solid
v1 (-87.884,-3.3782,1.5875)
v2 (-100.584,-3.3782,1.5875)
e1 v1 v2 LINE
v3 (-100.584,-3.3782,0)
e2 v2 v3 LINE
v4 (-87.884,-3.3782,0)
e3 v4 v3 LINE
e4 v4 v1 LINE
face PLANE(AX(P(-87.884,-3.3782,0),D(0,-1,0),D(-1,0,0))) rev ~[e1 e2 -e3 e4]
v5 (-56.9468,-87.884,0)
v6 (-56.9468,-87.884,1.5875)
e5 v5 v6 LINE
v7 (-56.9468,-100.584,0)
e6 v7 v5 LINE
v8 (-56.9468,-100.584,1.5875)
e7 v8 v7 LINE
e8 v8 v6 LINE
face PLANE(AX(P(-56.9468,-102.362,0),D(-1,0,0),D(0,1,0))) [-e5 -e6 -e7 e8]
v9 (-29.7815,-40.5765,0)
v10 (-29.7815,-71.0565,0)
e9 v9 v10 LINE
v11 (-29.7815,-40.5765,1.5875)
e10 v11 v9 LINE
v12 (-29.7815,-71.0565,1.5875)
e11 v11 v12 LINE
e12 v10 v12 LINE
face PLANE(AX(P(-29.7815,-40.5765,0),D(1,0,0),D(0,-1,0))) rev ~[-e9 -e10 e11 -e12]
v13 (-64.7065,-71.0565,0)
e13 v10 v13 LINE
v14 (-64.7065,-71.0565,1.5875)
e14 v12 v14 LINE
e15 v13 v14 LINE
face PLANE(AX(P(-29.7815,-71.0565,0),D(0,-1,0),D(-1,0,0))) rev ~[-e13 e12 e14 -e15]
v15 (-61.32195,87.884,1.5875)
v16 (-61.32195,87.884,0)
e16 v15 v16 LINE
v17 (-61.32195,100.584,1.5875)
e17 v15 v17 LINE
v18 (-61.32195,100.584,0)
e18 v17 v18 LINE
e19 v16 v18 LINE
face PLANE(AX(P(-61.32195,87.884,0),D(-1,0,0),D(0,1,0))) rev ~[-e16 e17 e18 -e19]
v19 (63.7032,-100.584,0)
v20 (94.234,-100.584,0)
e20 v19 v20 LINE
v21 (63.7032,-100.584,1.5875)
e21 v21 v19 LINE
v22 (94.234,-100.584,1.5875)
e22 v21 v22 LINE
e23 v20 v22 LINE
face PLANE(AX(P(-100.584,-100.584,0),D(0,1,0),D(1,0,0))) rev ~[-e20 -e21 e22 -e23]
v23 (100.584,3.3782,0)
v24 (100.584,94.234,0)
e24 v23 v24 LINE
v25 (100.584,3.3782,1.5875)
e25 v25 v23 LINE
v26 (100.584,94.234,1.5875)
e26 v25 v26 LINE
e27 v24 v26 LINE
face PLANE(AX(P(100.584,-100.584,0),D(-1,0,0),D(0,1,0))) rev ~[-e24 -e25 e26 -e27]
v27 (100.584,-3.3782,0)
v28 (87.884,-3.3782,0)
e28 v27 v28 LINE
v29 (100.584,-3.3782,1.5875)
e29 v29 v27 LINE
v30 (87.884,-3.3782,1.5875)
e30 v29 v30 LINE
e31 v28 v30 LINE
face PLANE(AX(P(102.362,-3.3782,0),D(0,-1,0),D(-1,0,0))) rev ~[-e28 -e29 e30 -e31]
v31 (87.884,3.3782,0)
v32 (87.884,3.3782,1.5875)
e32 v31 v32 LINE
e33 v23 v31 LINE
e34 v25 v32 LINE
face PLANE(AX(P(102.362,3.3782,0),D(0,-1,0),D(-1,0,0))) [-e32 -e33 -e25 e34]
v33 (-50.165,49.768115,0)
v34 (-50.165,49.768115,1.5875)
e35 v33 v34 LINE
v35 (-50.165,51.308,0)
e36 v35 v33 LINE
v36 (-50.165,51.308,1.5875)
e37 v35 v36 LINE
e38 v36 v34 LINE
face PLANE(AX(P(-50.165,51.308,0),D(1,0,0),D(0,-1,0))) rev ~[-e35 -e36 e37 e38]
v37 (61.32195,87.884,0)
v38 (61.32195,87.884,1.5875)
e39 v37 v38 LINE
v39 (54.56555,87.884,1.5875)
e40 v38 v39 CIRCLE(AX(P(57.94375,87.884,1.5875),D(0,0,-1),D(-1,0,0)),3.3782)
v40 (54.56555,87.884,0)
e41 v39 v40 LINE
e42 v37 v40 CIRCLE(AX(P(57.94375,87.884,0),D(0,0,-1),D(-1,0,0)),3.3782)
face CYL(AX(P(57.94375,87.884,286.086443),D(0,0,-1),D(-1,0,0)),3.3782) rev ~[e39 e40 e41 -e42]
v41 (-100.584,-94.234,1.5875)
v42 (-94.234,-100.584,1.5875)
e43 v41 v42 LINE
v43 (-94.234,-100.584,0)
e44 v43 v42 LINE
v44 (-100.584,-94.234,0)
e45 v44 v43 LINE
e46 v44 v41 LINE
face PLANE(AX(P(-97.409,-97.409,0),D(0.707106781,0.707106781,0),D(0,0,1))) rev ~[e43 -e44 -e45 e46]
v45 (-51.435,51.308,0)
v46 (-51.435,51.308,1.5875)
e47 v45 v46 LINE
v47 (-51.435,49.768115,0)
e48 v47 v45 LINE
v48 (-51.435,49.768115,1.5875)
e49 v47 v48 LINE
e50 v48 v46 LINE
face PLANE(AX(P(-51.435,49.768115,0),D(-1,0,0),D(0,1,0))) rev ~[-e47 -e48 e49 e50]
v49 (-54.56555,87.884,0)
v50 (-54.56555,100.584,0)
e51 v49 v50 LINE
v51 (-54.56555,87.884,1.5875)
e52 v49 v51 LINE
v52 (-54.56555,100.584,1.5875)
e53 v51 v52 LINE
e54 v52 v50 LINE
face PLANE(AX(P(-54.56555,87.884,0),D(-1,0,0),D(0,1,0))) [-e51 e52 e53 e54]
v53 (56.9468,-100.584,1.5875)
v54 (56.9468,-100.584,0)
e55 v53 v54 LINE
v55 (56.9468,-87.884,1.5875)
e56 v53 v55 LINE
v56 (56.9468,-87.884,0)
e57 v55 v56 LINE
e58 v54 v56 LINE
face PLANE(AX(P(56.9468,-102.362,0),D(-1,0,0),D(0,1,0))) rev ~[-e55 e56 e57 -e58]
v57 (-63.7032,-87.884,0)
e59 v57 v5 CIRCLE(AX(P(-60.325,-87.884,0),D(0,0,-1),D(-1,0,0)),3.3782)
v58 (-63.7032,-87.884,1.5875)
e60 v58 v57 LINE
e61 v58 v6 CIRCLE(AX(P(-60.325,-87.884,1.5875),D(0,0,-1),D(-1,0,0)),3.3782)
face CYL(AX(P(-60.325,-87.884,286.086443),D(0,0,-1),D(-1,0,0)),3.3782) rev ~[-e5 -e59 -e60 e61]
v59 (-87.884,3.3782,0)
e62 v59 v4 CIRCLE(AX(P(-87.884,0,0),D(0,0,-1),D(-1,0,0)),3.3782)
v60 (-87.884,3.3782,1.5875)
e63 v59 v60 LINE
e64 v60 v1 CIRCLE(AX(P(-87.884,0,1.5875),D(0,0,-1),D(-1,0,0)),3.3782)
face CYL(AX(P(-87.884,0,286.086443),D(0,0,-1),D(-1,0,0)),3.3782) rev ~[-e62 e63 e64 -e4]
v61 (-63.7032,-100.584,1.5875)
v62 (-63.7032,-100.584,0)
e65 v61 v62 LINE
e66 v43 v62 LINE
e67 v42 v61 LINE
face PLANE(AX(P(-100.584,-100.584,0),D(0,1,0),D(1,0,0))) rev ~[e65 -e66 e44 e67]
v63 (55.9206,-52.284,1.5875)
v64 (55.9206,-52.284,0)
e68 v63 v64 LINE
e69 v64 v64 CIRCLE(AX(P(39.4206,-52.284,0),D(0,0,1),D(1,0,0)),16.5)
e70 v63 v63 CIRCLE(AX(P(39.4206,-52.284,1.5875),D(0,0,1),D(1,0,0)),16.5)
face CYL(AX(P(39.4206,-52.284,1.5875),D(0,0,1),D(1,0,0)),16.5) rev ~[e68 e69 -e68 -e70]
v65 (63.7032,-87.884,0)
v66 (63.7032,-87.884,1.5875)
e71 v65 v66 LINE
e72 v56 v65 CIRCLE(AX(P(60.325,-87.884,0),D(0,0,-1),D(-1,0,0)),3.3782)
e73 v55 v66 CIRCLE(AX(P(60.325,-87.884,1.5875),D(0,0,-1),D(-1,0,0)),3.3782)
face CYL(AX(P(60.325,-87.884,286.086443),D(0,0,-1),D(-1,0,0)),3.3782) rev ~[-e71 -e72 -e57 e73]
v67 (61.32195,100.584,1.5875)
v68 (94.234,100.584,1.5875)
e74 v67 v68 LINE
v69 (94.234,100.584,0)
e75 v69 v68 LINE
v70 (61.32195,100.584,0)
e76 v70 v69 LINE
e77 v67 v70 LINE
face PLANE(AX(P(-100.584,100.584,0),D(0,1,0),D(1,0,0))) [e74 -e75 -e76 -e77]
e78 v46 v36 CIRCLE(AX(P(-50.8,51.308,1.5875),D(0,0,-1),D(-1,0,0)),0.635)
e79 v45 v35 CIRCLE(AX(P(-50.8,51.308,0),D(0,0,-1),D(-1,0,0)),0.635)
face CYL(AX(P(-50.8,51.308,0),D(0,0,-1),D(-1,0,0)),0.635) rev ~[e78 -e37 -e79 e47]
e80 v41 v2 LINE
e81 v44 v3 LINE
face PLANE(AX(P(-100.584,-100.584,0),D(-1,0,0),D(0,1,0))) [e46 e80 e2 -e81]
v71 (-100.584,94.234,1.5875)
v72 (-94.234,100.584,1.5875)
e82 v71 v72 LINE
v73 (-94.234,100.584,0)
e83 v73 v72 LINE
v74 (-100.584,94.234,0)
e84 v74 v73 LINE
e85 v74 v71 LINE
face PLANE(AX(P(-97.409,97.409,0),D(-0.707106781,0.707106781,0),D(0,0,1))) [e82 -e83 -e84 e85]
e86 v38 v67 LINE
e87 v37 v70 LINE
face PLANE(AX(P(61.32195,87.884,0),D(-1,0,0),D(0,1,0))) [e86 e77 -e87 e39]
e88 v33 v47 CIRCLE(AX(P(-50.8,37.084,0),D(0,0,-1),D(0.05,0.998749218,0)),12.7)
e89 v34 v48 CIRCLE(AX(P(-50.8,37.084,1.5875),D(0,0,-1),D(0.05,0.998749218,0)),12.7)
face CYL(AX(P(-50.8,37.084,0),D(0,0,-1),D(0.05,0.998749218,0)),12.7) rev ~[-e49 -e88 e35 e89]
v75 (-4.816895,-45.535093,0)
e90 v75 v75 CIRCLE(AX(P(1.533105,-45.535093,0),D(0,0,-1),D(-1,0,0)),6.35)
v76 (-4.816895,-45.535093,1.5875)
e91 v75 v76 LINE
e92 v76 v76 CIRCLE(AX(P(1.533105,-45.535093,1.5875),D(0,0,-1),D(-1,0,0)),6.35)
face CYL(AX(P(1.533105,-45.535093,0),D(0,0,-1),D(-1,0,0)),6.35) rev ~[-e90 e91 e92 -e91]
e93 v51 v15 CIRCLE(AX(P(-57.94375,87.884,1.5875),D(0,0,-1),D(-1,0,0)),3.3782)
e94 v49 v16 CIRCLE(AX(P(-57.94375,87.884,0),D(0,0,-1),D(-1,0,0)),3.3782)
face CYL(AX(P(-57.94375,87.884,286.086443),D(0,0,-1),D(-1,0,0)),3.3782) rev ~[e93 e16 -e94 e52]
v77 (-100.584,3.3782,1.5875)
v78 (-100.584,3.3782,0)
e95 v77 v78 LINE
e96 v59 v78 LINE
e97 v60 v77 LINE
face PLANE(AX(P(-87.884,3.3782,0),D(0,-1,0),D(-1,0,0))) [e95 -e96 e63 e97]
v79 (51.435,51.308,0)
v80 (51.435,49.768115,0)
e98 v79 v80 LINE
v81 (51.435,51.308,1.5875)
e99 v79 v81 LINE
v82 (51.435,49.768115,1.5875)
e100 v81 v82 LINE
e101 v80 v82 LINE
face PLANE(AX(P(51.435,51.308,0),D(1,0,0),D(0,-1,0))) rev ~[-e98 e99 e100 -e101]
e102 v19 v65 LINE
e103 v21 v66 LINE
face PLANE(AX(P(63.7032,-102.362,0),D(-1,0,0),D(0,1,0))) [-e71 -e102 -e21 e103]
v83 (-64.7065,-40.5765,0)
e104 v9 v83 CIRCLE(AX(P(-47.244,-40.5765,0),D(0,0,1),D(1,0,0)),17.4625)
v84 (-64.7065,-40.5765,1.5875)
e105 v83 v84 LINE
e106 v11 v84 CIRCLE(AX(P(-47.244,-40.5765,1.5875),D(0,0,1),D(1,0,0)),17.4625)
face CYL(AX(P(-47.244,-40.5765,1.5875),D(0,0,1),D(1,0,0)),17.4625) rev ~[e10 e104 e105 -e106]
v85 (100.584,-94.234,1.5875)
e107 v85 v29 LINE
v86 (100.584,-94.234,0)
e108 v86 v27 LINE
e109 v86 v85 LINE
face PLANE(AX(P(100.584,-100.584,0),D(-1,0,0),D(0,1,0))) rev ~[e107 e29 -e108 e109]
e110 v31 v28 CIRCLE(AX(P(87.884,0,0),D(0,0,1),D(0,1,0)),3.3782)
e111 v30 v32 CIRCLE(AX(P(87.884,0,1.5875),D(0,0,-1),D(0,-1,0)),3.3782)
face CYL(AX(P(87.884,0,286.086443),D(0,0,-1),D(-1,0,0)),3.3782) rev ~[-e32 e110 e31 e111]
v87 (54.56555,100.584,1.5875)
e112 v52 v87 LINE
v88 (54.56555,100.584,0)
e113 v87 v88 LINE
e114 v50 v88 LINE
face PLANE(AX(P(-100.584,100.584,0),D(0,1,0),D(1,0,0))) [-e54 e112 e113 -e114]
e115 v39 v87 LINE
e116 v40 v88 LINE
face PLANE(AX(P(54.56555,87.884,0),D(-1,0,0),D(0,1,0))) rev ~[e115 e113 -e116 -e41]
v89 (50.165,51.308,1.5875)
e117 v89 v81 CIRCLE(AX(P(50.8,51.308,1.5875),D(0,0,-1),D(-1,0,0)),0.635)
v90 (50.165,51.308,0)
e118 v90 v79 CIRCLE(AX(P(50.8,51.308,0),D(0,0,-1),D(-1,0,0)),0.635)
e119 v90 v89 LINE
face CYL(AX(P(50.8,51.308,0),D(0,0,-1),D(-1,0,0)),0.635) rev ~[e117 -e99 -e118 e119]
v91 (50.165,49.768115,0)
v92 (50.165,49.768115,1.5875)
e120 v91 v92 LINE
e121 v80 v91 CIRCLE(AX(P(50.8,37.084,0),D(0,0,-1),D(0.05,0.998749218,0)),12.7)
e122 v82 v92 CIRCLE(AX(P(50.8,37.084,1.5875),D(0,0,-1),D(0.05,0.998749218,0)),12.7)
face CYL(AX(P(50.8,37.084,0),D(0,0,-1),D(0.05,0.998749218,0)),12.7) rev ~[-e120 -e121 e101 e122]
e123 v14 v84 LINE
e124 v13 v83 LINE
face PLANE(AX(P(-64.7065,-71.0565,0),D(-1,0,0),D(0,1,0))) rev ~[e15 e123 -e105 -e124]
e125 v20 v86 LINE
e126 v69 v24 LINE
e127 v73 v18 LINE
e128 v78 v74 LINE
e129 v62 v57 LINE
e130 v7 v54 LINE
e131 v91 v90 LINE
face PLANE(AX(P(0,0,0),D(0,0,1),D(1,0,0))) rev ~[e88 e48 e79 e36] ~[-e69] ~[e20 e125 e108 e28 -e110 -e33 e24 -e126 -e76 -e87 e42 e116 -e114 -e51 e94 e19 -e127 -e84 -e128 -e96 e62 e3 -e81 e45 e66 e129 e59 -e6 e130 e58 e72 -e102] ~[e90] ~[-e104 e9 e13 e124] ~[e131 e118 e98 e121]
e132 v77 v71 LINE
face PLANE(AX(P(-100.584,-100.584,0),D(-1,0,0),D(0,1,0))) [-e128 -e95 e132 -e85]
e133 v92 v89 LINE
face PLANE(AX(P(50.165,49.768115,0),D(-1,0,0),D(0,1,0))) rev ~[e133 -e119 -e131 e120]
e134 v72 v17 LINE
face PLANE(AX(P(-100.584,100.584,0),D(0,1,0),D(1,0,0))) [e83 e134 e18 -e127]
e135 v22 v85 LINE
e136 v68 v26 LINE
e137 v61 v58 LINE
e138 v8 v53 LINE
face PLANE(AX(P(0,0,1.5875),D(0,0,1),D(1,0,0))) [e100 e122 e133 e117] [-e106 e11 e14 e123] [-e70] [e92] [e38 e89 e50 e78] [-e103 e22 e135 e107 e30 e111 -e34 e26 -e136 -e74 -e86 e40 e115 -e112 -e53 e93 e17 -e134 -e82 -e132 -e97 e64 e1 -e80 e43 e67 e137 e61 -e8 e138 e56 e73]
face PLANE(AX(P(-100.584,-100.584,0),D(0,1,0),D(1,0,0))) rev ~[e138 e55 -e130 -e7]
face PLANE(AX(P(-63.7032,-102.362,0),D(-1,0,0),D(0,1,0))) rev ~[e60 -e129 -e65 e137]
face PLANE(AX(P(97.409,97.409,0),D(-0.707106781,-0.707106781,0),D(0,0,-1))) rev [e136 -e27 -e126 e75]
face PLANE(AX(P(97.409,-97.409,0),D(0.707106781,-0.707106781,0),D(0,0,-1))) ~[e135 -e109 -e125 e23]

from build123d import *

# Parameters (mm, degrees)
SKETCH1_W                 = 201.168
SKETCH1_H                 = 201.168
BOSS_EXTRUDE1_DEPTH       = 1.5875
CUT_EXTRUDE1_REACH        = 144.256
SKETCH2_R                 = 17.4625
SKETCH2_R_2               = 16.5
F_1_4_CLEARANCE_HOLE1_D   = 6.7564
CHAMFER1_SIZE             = 6.35
CUT_EXTRUDE3_REACH        = 144.256
CUT_EXTRUDE4_REACH        = 144.256
CUT_EXTRUDE5_REACH        = 144.256
SKETCH7_W                 = 6.7564
SKETCH7_H                 = 14.478
SKETCH7_W_2               = 14.478
SKETCH7_H_2               = 6.7564
PORT_FOR_POWER_PLUG_REACH = 144.256
SKETCH8_R                 = 6.35


with BuildPart() as part:
    # Sketch1 → Boss-Extrude1 (new body)
    with BuildSketch(Plane.XY):
        Rectangle(SKETCH1_W, SKETCH1_H)
    extrude(amount=BOSS_EXTRUDE1_DEPTH)

    # Sketch2 → Cut-Extrude1 (cut, up to next)
    with BuildSketch(Plane.XY.offset(1.5875), mode=Mode.PRIVATE) as cut_extrude1_sk1:
        with Locations((-47.244, -40.5765)):
            Circle(SKETCH2_R)
    cut_extrude1_tool1 = extrude(cut_extrude1_sk1.sketch, amount=-CUT_EXTRUDE1_REACH, mode=Mode.PRIVATE) & part.part
    # Sketch2 → Cut-Extrude1 (cut, up to next)
    with BuildSketch(Plane.XY.offset(1.5875), mode=Mode.PRIVATE) as cut_extrude1_sk2:
        with Locations((39.4206, -52.284)):
            Circle(SKETCH2_R_2)
    cut_extrude1_tool2 = extrude(cut_extrude1_sk2.sketch, amount=-CUT_EXTRUDE1_REACH, mode=Mode.PRIVATE) & part.part
    add(cut_extrude1_tool1.solids().sort_by_distance((-47.244, -40.5765, 1.5875))[0], mode=Mode.SUBTRACT)
    add(cut_extrude1_tool2.solids().sort_by_distance((39.4206, -52.284, 1.5875))[0], mode=Mode.SUBTRACT)

    # 1/4 Clearance Hole1 (through all)
    with Locations(Plane.XY.offset(1.5875)):
        with Locations((-57.94375, 87.884), (57.94375, 87.884), (87.884, 0), (-87.884, 0), (-60.325, -87.884), (60.325, -87.884)):
            Hole(F_1_4_CLEARANCE_HOLE1_D / 2)

    # Chamfer1
    chamfer1_edges = [part.edges().sort_by_distance(p)[0] for p in [
        (100.584, -100.584, 0.79375),
        (-100.584, -100.584, 0.79375),
        (-100.584, 100.584, 0.79375),
        (100.584, 100.584, 0.79375),
    ]]
    chamfer(chamfer1_edges, length=CHAMFER1_SIZE)

    # Sketch5 → Cut-Extrude3 (cut, up to next)
    with BuildSketch(Plane(origin=(0, 0, 0), x_dir=(-1, 0, 0), z_dir=(0, 0, -1)), mode=Mode.PRIVATE) as cut_extrude3_sk1:
        with BuildLine():
            Line((29.7815, -40.5765), (29.7815, -71.0565))
            Line((29.7815, -71.0565), (64.7065, -71.0565))
            Line((64.7065, -71.0565), (64.7065, -40.5765))
            ThreePointArc((64.7065, -40.5765), (47.244, -58.039), (29.7815, -40.5765))
        make_face()
    cut_extrude3_tool1 = extrude(cut_extrude3_sk1.sketch, amount=-CUT_EXTRUDE3_REACH, mode=Mode.PRIVATE) & part.part
    add(cut_extrude3_tool1.solids().sort_by_distance((-47.244, -62.220952, 0))[0], mode=Mode.SUBTRACT)

    # Sketch6 → Cut-Extrude4 (cut, up to next)
    with BuildSketch(Plane(origin=(0, 0, 0), x_dir=(-1, 0, 0), z_dir=(0, 0, -1)), mode=Mode.PRIVATE) as cut_extrude4_sk1:
        with BuildLine():
            Line((-50.165, 49.768115066), (-50.165, 51.308))
            ThreePointArc((-50.165, 51.308), (-50.8, 51.943), (-51.435, 51.308))
            Line((-51.435, 51.308), (-51.435, 49.768115066))
            ThreePointArc((-51.435, 49.768115066), (-50.8, 24.384), (-50.165, 49.768115066))
        make_face()
    cut_extrude4_tool1 = extrude(cut_extrude4_sk1.sketch, amount=-CUT_EXTRUDE4_REACH, mode=Mode.PRIVATE) & part.part
    # Sketch6 → Cut-Extrude4 (cut, up to next)
    with BuildSketch(Plane(origin=(0, 0, 0), x_dir=(-1, 0, 0), z_dir=(0, 0, -1)), mode=Mode.PRIVATE) as cut_extrude4_sk2:
        with BuildLine():
            Line((51.435, 49.768115066), (51.435, 51.308))
            ThreePointArc((51.435, 51.308), (50.8, 51.943), (50.165, 51.308))
            Line((50.165, 51.308), (50.165, 49.768115066))
            ThreePointArc((50.165, 49.768115066), (50.8, 24.384), (51.435, 49.768115066))
        make_face()
    cut_extrude4_tool2 = extrude(cut_extrude4_sk2.sketch, amount=-CUT_EXTRUDE4_REACH, mode=Mode.PRIVATE) & part.part
    add(cut_extrude4_tool1.solids().sort_by_distance((50.8, 37.153354, 0))[0], mode=Mode.SUBTRACT)
    add(cut_extrude4_tool2.solids().sort_by_distance((-50.8, 37.153354, 0))[0], mode=Mode.SUBTRACT)

    # Sketch7 → Cut-Extrude5 (cut, up to next)
    with BuildSketch(Plane(origin=(0, 0, 0), x_dir=(-1, 0, 0), z_dir=(0, 0, -1)), mode=Mode.PRIVATE) as cut_extrude5_sk1:
        with Locations((-57.94375, 95.123)):
            Rectangle(SKETCH7_W, SKETCH7_H)
    cut_extrude5_tool1 = extrude(cut_extrude5_sk1.sketch, amount=-CUT_EXTRUDE5_REACH, mode=Mode.PRIVATE) & part.part
    # Sketch7 → Cut-Extrude5 (cut, up to next)
    with BuildSketch(Plane(origin=(0, 0, 0), x_dir=(-1, 0, 0), z_dir=(0, 0, -1)), mode=Mode.PRIVATE) as cut_extrude5_sk2:
        with Locations((57.94375, 95.123)):
            Rectangle(SKETCH7_W, SKETCH7_H)
    cut_extrude5_tool2 = extrude(cut_extrude5_sk2.sketch, amount=-CUT_EXTRUDE5_REACH, mode=Mode.PRIVATE) & part.part
    # Sketch7 → Cut-Extrude5 (cut, up to next)
    with BuildSketch(Plane(origin=(0, 0, 0), x_dir=(-1, 0, 0), z_dir=(0, 0, -1)), mode=Mode.PRIVATE) as cut_extrude5_sk3:
        with Locations((95.123, 0)):
            Rectangle(SKETCH7_W_2, SKETCH7_H_2)
    cut_extrude5_tool3 = extrude(cut_extrude5_sk3.sketch, amount=-CUT_EXTRUDE5_REACH, mode=Mode.PRIVATE) & part.part
    # Sketch7 → Cut-Extrude5 (cut, up to next)
    with BuildSketch(Plane(origin=(0, 0, 0), x_dir=(-1, 0, 0), z_dir=(0, 0, -1)), mode=Mode.PRIVATE) as cut_extrude5_sk4:
        with Locations((60.325, -95.123)):
            Rectangle(SKETCH7_W, SKETCH7_H)
    cut_extrude5_tool4 = extrude(cut_extrude5_sk4.sketch, amount=-CUT_EXTRUDE5_REACH, mode=Mode.PRIVATE) & part.part
    # Sketch7 → Cut-Extrude5 (cut, up to next)
    with BuildSketch(Plane(origin=(0, 0, 0), x_dir=(-1, 0, 0), z_dir=(0, 0, -1)), mode=Mode.PRIVATE) as cut_extrude5_sk5:
        with Locations((-60.325, -95.123)):
            Rectangle(SKETCH7_W, SKETCH7_H)
    cut_extrude5_tool5 = extrude(cut_extrude5_sk5.sketch, amount=-CUT_EXTRUDE5_REACH, mode=Mode.PRIVATE) & part.part
    # Sketch7 → Cut-Extrude5 (cut, up to next)
    with BuildSketch(Plane(origin=(0, 0, 0), x_dir=(-1, 0, 0), z_dir=(0, 0, -1)), mode=Mode.PRIVATE) as cut_extrude5_sk6:
        with Locations((-95.123, 0)):
            Rectangle(SKETCH7_W_2, SKETCH7_H_2)
    cut_extrude5_tool6 = extrude(cut_extrude5_sk6.sketch, amount=-CUT_EXTRUDE5_REACH, mode=Mode.PRIVATE) & part.part
    add(cut_extrude5_tool1.solids().sort_by_distance((57.94375, 95.123, 0))[0], mode=Mode.SUBTRACT)
    add(cut_extrude5_tool2.solids().sort_by_distance((-57.94375, 95.123, 0))[0], mode=Mode.SUBTRACT)
    add(cut_extrude5_tool3.solids().sort_by_distance((-95.123, 0, 0))[0], mode=Mode.SUBTRACT)
    add(cut_extrude5_tool4.solids().sort_by_distance((-60.325, -95.123, 0))[0], mode=Mode.SUBTRACT)
    add(cut_extrude5_tool5.solids().sort_by_distance((60.325, -95.123, 0))[0], mode=Mode.SUBTRACT)
    add(cut_extrude5_tool6.solids().sort_by_distance((95.123, 0, 0))[0], mode=Mode.SUBTRACT)

    # Sketch8 → PORT FOR POWER PLUG (cut, up to next)
    with BuildSketch(Plane(origin=(0, 0, 0), x_dir=(-1, 0, 0), z_dir=(0, 0, -1)), mode=Mode.PRIVATE) as port_for_power_plug_sk1:
        with Locations((-1.533105196, -45.535092969)):
            Circle(SKETCH8_R)
    port_for_power_plug_tool1 = extrude(port_for_power_plug_sk1.sketch, amount=-PORT_FOR_POWER_PLUG_REACH, mode=Mode.PRIVATE) & part.part
    add(port_for_power_plug_tool1.solids().sort_by_distance((1.533105, -45.535093, 0))[0], mode=Mode.SUBTRACT)


solid = part.part
